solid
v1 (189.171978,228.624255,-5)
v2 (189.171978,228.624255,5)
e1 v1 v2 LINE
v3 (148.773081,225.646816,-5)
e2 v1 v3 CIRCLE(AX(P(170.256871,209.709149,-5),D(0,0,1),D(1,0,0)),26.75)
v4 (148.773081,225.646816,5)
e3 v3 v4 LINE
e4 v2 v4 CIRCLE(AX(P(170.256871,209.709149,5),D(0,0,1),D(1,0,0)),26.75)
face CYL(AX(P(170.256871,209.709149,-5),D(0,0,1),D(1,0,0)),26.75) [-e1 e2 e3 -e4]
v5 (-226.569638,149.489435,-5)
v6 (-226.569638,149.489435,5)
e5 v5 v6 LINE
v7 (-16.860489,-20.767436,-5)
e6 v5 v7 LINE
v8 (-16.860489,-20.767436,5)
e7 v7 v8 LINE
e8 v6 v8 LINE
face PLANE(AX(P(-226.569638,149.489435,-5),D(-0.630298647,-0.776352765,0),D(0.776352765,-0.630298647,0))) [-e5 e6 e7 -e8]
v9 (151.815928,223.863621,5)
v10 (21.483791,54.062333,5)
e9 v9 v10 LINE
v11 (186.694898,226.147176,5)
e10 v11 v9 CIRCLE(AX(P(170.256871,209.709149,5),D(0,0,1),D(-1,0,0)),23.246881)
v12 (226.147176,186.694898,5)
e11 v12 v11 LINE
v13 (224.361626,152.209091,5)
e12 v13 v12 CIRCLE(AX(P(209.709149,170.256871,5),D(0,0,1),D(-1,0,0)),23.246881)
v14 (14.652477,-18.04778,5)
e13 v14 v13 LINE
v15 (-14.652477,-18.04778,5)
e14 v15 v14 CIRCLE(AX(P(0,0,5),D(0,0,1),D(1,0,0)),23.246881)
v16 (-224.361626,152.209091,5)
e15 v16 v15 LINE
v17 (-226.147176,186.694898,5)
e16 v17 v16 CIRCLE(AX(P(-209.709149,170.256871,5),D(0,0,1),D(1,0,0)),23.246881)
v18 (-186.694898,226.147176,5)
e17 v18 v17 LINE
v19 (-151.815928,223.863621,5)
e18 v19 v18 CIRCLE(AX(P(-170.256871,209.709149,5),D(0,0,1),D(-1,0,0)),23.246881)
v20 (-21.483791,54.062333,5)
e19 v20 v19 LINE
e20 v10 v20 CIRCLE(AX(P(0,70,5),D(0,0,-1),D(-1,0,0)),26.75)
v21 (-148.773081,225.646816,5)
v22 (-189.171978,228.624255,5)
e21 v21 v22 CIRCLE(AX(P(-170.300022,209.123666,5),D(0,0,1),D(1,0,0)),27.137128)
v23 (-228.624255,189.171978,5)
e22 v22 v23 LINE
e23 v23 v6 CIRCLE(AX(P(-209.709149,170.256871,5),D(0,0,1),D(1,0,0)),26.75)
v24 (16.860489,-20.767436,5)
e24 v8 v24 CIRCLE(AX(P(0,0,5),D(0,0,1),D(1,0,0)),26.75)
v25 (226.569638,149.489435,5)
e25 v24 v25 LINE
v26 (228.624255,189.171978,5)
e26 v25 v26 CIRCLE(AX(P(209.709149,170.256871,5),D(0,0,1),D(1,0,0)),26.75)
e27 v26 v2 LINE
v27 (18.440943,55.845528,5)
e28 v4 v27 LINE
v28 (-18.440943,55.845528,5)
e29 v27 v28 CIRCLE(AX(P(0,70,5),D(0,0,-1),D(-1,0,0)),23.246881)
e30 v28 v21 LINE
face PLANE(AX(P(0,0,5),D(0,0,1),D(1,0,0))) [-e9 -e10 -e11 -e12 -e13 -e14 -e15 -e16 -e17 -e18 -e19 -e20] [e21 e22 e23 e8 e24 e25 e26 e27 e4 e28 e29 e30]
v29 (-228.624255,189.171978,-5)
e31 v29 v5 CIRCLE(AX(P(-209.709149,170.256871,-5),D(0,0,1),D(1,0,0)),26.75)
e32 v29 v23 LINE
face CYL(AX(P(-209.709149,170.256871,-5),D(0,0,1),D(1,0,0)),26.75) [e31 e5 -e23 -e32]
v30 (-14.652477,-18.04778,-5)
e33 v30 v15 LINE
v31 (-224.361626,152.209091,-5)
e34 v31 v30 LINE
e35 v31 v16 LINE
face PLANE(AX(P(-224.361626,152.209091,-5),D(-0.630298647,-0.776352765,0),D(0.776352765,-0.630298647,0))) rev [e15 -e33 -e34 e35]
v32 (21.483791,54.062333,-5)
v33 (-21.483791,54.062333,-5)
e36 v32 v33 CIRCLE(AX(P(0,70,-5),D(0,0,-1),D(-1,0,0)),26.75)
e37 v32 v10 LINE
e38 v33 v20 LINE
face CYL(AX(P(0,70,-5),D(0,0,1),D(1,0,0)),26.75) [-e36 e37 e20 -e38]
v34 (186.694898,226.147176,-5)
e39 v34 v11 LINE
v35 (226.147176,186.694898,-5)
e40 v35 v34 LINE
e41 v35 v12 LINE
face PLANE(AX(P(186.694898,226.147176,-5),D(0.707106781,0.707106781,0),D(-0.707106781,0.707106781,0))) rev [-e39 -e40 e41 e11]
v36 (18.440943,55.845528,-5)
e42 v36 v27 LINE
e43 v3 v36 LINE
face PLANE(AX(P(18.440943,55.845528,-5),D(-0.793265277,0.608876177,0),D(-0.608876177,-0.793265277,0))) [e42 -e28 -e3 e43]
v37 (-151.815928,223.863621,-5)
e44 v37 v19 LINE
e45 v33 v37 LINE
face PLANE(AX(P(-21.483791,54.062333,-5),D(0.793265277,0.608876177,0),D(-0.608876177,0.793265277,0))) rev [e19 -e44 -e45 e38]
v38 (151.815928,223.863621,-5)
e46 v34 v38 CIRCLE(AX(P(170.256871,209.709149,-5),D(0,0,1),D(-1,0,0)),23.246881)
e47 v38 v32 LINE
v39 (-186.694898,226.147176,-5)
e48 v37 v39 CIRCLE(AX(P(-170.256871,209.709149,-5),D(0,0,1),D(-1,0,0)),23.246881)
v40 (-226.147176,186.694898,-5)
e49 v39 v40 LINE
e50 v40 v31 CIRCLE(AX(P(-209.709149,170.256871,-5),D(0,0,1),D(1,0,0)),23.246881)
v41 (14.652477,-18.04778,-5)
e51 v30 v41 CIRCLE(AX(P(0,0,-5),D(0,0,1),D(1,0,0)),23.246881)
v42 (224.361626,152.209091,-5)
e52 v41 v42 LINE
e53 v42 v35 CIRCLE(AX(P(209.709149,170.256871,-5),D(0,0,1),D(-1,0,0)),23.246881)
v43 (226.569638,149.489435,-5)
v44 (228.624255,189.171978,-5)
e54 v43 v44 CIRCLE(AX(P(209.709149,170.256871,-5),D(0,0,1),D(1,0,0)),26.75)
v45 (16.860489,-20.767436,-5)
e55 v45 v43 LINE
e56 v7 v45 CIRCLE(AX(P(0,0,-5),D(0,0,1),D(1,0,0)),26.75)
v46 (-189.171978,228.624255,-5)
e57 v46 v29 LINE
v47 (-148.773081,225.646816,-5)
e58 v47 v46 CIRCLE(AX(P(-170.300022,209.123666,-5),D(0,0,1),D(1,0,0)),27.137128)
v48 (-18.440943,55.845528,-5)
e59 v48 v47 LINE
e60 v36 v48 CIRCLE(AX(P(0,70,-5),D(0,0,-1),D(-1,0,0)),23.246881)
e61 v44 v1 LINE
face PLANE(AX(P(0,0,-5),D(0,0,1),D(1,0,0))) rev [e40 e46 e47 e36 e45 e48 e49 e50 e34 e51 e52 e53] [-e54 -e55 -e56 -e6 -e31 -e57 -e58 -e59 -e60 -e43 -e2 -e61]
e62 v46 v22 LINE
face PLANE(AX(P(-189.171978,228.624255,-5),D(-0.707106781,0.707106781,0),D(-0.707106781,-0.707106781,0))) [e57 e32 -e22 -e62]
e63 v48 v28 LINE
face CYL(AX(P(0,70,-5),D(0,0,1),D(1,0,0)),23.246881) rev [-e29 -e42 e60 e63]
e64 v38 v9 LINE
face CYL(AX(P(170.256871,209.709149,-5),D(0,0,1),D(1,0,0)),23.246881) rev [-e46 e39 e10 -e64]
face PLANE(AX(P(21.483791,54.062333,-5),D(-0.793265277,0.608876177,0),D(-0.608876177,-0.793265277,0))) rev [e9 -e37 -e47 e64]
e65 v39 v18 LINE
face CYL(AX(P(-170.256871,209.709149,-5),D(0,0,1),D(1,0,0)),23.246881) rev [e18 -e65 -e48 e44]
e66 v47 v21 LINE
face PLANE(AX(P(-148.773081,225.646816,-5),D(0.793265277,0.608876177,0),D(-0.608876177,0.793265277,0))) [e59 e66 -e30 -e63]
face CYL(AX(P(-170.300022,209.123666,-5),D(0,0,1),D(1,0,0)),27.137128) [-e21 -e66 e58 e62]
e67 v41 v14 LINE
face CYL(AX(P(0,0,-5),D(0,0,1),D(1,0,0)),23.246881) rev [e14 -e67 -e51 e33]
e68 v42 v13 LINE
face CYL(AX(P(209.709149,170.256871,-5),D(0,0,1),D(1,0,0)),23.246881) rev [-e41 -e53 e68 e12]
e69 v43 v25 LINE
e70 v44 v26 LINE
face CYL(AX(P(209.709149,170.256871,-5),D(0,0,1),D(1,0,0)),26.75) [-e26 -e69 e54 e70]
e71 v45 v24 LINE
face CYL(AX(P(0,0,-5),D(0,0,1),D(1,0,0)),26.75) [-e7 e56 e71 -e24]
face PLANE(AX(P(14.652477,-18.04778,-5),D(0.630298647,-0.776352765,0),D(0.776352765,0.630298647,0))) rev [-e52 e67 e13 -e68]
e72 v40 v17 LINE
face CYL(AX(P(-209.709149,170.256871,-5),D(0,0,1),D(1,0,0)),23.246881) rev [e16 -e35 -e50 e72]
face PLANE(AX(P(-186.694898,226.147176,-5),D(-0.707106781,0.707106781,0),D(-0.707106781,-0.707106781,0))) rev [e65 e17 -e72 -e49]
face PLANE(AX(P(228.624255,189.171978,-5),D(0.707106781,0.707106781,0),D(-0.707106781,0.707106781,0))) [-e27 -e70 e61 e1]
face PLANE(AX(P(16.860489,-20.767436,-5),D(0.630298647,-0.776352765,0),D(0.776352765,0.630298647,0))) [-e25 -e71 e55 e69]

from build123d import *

# Parameters (mm, degrees)
BOSS_EXTRUDE1_DEPTH      = 5
BOSS_EXTRUDE1_DEPTH_BACK = 5


with BuildPart() as part:
    # Sketch3 → Boss-Extrude1 (new, two sides: drawn at the far end of the back side and taken through both)
    with BuildSketch(Plane.XY.offset(-BOSS_EXTRUDE1_DEPTH_BACK)):
        with BuildLine():
            Line((-148.773080728, 225.6468162), (-18.440943254, 55.845528153))
            ThreePointArc((-18.440943254, 55.845528153), (0, 46.75311932), (18.440943254, 55.845528153))
            Line((18.440943254, 55.845528153), (148.773080728, 225.6468162))
            ThreePointArc((148.773080728, 225.6468162), (168.290702347, 236.386792537), (189.171977646, 228.624255112))
            Line((189.171977646, 228.624255112), (228.624255112, 189.171977646))
            ThreePointArc((228.624255112, 189.171977646), (236.423365061, 168.873706393), (226.569637526, 149.489434791))
            Line((226.569637526, 149.489434791), (16.86048881, -20.767436459))
            ThreePointArc((16.86048881, -20.767436459), (0, -26.75), (-16.86048881, -20.767436459))
            Line((-16.86048881, -20.767436459), (-226.569637526, 149.489434791))
            ThreePointArc((-226.569637526, 149.489434791), (-236.423365061, 168.873706393), (-228.624255112, 189.171977646))
            Line((-228.624255112, 189.171977646), (-189.171977646, 228.624255112))
            ThreePointArc((-189.171977646, 228.624255112), (-168.30539851, 236.187390033), (-148.773080728, 225.6468162))
        make_face()
        with BuildLine():
            Line((-21.483790521, 54.062332516), (-151.815927996, 223.863620563))
            ThreePointArc((-151.815927996, 223.863620563), (-168.738130189, 232.90636594), (-186.69489822, 226.147175686))
            Line((-186.69489822, 226.147175686), (-226.147175686, 186.69489822))
            ThreePointArc((-226.147175686, 186.69489822), (-232.924931888, 169.054842525), (-224.361626158, 152.20909116))
            Line((-224.361626158, 152.20909116), (-14.652477443, -18.04778009))
            ThreePointArc((-14.652477443, -18.04778009), (0, -23.24688068), (14.652477443, -18.04778009))
            Line((14.652477443, -18.04778009), (224.361626158, 152.20909116))
            ThreePointArc((224.361626158, 152.20909116), (232.924931888, 169.054842525), (226.147175686, 186.69489822))
            Line((226.147175686, 186.69489822), (186.69489822, 226.147175686))
            ThreePointArc((186.69489822, 226.147175686), (168.738130189, 232.90636594), (151.815927996, 223.863620563))
            Line((151.815927996, 223.863620563), (21.483790521, 54.062332516))
            ThreePointArc((21.483790521, 54.062332516), (0, 43.25), (-21.483790521, 54.062332516))
        make_face(mode=Mode.SUBTRACT)
    extrude(amount=BOSS_EXTRUDE1_DEPTH + BOSS_EXTRUDE1_DEPTH_BACK)


solid = part.part
